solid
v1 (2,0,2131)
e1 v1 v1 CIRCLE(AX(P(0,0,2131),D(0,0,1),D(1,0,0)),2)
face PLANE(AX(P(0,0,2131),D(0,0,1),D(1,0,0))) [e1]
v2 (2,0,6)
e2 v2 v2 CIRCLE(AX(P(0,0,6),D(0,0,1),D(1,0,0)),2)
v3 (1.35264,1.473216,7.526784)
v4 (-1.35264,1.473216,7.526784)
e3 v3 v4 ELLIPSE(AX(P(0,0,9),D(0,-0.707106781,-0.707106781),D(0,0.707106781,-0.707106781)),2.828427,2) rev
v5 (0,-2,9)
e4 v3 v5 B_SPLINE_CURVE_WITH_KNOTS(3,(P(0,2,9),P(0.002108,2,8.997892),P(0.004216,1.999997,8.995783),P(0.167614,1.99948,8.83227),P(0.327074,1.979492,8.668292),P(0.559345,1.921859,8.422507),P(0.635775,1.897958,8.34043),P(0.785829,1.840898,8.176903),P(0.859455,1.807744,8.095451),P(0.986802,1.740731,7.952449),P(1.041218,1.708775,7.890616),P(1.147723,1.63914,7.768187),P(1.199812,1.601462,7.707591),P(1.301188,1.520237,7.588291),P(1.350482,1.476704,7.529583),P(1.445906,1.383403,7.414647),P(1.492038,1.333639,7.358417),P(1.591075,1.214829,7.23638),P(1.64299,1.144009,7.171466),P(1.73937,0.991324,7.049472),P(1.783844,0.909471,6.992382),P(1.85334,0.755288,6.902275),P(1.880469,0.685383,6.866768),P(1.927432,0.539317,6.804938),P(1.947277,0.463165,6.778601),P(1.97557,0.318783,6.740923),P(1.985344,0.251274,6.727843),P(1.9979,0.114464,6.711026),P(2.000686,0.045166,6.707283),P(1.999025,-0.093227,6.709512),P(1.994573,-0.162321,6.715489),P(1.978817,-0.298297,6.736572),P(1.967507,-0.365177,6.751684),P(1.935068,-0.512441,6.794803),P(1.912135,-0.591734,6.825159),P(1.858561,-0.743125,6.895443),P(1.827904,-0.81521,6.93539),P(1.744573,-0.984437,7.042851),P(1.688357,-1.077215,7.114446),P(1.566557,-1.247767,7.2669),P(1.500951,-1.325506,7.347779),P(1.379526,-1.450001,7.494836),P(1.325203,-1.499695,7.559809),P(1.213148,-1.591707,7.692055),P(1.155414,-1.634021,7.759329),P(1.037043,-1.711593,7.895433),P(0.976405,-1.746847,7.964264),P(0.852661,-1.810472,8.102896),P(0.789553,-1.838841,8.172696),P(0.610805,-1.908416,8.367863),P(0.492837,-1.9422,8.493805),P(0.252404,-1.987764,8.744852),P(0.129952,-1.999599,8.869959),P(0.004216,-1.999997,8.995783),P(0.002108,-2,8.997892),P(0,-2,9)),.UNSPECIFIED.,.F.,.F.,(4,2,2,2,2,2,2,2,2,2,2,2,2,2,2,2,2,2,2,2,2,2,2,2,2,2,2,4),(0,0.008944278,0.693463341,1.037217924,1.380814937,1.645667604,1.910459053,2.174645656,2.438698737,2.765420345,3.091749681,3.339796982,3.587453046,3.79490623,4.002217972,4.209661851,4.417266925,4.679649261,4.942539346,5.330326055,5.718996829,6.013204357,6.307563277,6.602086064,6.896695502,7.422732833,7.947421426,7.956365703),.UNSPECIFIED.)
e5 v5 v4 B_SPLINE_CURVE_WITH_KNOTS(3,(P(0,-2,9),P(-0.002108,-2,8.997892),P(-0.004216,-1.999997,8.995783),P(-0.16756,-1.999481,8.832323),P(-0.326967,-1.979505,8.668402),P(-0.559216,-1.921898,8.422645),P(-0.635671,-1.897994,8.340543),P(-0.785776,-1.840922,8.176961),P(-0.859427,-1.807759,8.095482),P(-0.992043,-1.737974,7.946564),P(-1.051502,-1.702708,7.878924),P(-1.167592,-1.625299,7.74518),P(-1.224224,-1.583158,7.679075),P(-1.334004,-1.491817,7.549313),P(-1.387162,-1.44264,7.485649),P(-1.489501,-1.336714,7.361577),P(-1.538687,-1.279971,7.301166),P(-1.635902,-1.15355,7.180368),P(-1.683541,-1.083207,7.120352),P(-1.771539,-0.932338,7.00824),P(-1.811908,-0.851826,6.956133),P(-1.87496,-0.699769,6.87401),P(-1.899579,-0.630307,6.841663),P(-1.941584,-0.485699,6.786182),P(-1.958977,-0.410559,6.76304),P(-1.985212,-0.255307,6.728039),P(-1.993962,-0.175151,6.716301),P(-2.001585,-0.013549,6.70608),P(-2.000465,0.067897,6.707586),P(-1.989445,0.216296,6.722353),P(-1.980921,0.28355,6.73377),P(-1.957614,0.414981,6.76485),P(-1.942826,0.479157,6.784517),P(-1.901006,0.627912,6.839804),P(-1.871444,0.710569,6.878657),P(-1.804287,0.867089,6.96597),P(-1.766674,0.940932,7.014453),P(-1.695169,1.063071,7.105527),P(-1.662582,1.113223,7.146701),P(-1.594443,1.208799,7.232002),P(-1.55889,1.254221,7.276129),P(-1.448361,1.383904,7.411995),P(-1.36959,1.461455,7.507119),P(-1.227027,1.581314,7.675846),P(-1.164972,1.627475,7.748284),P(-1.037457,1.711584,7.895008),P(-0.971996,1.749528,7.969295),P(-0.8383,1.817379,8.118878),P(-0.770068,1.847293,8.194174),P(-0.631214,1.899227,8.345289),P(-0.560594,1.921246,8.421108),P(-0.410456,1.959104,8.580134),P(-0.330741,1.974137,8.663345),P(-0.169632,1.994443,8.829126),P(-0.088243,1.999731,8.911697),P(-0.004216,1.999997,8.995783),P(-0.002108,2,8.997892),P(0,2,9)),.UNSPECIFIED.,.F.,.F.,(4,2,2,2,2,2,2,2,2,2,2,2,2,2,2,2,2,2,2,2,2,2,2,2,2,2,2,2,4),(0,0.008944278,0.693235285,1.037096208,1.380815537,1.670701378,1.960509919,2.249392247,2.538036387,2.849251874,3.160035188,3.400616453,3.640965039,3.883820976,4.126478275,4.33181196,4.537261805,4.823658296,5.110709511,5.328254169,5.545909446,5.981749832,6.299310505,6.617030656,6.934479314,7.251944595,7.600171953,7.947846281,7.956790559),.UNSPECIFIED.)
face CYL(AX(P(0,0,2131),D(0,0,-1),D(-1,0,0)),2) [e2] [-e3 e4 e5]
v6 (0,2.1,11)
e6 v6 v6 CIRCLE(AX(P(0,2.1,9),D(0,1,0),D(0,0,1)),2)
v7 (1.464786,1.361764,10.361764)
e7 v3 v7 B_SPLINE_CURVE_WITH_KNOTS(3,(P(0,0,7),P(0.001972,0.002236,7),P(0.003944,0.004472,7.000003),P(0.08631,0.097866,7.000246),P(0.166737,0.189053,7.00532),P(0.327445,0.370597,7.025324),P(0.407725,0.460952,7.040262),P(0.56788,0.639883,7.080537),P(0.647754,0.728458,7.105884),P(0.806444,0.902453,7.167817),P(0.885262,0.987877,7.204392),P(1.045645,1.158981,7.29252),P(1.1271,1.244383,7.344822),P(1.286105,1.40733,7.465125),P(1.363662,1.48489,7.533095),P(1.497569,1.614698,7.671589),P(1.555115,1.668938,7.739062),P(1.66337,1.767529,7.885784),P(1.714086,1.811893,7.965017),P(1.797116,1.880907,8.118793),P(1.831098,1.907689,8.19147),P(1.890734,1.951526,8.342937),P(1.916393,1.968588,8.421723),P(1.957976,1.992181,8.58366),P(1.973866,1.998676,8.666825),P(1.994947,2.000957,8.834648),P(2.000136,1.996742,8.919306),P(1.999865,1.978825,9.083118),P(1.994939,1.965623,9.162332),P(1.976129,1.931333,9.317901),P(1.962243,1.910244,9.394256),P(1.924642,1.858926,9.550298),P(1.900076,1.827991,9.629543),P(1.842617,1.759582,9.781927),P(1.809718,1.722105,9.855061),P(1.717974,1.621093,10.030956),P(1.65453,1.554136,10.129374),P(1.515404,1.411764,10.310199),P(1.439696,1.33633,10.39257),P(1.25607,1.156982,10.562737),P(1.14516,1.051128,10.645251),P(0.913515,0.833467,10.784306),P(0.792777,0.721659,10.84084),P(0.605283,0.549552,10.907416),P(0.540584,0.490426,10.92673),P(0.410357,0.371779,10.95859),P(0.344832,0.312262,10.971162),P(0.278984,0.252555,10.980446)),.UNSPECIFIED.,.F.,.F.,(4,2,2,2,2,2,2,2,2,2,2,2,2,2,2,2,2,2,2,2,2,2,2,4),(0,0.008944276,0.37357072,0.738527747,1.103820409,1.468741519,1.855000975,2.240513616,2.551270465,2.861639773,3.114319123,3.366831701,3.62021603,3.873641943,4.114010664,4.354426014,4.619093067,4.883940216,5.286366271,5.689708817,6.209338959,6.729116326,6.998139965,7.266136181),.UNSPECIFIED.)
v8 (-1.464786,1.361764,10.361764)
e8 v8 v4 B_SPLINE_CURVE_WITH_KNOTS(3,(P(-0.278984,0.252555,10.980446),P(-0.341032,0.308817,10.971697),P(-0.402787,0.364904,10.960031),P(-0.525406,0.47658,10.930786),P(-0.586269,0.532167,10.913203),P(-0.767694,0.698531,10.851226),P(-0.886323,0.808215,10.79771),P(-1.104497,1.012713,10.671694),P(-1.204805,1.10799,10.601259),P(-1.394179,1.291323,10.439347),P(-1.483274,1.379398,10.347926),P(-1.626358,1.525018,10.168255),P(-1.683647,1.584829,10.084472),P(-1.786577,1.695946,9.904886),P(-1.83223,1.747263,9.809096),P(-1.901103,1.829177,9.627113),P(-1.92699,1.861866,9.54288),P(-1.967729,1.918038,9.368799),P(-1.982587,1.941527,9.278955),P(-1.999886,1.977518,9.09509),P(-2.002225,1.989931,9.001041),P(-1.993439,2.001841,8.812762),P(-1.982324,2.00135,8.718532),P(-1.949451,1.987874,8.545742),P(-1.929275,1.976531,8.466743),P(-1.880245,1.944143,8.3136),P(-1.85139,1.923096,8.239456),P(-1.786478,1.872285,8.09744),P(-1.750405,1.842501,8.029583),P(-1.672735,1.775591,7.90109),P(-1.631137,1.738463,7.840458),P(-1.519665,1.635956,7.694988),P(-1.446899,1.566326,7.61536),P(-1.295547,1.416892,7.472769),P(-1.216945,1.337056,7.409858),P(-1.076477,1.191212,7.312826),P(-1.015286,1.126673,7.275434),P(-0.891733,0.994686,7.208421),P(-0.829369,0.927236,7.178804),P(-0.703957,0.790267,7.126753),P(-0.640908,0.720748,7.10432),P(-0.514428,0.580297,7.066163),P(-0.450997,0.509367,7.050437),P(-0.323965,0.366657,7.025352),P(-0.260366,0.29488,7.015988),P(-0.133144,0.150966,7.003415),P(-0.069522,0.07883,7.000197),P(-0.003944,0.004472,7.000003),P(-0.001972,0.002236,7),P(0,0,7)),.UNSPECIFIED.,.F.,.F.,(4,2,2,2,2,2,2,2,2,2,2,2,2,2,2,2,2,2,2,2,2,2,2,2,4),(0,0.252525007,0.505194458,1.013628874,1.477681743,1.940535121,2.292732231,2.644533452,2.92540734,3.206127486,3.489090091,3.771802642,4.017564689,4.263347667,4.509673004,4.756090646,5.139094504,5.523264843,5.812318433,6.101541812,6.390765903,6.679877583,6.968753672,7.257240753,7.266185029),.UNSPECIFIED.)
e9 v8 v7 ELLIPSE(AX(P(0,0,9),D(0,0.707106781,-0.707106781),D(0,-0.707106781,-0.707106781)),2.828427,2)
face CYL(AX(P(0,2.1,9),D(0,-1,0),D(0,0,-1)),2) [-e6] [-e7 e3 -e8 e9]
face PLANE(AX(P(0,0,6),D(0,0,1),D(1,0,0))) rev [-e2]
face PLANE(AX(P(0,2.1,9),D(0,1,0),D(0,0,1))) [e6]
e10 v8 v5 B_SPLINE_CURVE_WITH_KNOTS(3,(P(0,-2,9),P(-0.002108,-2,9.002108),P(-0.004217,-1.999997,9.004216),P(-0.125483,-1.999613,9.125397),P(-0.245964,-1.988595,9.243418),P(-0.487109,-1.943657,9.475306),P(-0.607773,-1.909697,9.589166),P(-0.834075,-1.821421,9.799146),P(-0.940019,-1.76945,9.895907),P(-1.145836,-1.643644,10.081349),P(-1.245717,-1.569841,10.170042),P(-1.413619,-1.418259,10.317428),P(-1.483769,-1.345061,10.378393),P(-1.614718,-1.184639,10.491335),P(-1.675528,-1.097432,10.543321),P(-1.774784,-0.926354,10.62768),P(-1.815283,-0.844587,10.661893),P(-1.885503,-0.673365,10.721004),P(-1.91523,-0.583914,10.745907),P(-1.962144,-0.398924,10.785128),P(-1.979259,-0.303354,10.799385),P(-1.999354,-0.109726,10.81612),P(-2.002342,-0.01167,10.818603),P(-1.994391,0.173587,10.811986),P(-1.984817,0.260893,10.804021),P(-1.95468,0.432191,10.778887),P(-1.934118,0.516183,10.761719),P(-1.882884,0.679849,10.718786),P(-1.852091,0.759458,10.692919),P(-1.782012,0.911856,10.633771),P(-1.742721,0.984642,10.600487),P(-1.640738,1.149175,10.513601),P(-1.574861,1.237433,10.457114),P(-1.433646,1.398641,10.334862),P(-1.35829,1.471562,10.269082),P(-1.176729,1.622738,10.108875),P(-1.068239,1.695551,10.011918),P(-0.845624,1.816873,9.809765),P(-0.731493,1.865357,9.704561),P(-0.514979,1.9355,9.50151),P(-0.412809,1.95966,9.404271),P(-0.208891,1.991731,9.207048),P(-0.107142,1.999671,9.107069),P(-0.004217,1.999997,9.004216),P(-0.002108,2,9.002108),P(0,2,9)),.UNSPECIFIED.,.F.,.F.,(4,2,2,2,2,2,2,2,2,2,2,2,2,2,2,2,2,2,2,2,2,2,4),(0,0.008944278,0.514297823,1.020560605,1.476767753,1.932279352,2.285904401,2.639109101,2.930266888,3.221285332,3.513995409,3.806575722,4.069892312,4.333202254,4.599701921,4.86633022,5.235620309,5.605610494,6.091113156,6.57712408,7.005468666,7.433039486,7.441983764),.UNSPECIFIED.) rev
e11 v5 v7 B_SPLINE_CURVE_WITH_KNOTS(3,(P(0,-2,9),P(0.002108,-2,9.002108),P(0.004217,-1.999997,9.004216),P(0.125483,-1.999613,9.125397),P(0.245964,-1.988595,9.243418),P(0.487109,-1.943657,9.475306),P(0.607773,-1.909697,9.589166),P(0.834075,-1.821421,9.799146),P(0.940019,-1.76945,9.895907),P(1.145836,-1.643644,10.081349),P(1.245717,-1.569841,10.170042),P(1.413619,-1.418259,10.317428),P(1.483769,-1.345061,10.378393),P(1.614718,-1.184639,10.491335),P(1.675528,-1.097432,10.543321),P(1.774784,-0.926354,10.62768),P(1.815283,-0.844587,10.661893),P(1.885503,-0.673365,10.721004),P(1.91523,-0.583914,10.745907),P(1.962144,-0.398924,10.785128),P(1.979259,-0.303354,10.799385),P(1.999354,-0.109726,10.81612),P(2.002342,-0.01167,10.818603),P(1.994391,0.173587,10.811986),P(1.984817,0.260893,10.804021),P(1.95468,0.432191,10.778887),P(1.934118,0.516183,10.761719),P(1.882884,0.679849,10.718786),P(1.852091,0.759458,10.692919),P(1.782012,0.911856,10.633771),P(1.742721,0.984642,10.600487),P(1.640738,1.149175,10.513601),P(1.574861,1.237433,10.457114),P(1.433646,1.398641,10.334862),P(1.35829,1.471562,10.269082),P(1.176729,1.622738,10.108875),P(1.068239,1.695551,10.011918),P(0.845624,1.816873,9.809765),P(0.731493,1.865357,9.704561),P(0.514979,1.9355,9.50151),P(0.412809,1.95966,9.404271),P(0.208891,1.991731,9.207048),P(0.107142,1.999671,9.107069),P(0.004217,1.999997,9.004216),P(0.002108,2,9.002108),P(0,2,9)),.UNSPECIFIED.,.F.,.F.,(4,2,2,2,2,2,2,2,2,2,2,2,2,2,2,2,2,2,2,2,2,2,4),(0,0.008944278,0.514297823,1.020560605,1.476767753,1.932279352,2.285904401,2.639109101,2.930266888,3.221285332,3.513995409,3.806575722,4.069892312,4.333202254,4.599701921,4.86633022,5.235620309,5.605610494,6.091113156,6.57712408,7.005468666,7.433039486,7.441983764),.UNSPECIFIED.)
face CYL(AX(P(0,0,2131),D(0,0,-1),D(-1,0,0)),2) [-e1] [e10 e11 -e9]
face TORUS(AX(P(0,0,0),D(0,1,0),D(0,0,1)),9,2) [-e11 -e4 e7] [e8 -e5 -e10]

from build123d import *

# Parameters (mm, degrees)
BOSS_EXTRUDE1_START = 6
SKETCH1_R           = 2
BOSS_EXTRUDE1_DEPTH = 2125
SKETCH4_R           = 2
SKETCH7_R           = 2
BOSS_EXTRUDE2_DEPTH = 2.1


with BuildPart() as part:
    # Sketch1 → Boss-Extrude1 (new body)
    with BuildSketch(Plane.XY.offset(BOSS_EXTRUDE1_START)):
        Circle(SKETCH1_R)
    extrude(amount=BOSS_EXTRUDE1_DEPTH)

    # Sketch4 → Revolve1 (revolve)
    with BuildSketch(Plane(origin=(0, 0, 0), x_dir=(-1, 0, 0), z_dir=(0, 0, -1)), mode=Mode.PRIVATE) as revolve1_sk:
        with Locations((-9, 0)):
            Circle(SKETCH4_R)
    revolve(revolve1_sk.sketch.rotate(Axis((0, 3.776003841, 0), (0, -1, 0)), 269.999990329), axis=Axis((0, 3.776003841, 0), (0, -1, 0)))

    # Sketch7 → Boss-Extrude2 (add)
    with BuildSketch(Plane(origin=(0, 0, 0), x_dir=(1, 0, 0), z_dir=(0, 1, 0))):
        with Locations(Location((0, -9, 0), (0, 0, 132.556740857))):
            Circle(SKETCH7_R)
    extrude(amount=BOSS_EXTRUDE2_DEPTH)


solid = part.part
